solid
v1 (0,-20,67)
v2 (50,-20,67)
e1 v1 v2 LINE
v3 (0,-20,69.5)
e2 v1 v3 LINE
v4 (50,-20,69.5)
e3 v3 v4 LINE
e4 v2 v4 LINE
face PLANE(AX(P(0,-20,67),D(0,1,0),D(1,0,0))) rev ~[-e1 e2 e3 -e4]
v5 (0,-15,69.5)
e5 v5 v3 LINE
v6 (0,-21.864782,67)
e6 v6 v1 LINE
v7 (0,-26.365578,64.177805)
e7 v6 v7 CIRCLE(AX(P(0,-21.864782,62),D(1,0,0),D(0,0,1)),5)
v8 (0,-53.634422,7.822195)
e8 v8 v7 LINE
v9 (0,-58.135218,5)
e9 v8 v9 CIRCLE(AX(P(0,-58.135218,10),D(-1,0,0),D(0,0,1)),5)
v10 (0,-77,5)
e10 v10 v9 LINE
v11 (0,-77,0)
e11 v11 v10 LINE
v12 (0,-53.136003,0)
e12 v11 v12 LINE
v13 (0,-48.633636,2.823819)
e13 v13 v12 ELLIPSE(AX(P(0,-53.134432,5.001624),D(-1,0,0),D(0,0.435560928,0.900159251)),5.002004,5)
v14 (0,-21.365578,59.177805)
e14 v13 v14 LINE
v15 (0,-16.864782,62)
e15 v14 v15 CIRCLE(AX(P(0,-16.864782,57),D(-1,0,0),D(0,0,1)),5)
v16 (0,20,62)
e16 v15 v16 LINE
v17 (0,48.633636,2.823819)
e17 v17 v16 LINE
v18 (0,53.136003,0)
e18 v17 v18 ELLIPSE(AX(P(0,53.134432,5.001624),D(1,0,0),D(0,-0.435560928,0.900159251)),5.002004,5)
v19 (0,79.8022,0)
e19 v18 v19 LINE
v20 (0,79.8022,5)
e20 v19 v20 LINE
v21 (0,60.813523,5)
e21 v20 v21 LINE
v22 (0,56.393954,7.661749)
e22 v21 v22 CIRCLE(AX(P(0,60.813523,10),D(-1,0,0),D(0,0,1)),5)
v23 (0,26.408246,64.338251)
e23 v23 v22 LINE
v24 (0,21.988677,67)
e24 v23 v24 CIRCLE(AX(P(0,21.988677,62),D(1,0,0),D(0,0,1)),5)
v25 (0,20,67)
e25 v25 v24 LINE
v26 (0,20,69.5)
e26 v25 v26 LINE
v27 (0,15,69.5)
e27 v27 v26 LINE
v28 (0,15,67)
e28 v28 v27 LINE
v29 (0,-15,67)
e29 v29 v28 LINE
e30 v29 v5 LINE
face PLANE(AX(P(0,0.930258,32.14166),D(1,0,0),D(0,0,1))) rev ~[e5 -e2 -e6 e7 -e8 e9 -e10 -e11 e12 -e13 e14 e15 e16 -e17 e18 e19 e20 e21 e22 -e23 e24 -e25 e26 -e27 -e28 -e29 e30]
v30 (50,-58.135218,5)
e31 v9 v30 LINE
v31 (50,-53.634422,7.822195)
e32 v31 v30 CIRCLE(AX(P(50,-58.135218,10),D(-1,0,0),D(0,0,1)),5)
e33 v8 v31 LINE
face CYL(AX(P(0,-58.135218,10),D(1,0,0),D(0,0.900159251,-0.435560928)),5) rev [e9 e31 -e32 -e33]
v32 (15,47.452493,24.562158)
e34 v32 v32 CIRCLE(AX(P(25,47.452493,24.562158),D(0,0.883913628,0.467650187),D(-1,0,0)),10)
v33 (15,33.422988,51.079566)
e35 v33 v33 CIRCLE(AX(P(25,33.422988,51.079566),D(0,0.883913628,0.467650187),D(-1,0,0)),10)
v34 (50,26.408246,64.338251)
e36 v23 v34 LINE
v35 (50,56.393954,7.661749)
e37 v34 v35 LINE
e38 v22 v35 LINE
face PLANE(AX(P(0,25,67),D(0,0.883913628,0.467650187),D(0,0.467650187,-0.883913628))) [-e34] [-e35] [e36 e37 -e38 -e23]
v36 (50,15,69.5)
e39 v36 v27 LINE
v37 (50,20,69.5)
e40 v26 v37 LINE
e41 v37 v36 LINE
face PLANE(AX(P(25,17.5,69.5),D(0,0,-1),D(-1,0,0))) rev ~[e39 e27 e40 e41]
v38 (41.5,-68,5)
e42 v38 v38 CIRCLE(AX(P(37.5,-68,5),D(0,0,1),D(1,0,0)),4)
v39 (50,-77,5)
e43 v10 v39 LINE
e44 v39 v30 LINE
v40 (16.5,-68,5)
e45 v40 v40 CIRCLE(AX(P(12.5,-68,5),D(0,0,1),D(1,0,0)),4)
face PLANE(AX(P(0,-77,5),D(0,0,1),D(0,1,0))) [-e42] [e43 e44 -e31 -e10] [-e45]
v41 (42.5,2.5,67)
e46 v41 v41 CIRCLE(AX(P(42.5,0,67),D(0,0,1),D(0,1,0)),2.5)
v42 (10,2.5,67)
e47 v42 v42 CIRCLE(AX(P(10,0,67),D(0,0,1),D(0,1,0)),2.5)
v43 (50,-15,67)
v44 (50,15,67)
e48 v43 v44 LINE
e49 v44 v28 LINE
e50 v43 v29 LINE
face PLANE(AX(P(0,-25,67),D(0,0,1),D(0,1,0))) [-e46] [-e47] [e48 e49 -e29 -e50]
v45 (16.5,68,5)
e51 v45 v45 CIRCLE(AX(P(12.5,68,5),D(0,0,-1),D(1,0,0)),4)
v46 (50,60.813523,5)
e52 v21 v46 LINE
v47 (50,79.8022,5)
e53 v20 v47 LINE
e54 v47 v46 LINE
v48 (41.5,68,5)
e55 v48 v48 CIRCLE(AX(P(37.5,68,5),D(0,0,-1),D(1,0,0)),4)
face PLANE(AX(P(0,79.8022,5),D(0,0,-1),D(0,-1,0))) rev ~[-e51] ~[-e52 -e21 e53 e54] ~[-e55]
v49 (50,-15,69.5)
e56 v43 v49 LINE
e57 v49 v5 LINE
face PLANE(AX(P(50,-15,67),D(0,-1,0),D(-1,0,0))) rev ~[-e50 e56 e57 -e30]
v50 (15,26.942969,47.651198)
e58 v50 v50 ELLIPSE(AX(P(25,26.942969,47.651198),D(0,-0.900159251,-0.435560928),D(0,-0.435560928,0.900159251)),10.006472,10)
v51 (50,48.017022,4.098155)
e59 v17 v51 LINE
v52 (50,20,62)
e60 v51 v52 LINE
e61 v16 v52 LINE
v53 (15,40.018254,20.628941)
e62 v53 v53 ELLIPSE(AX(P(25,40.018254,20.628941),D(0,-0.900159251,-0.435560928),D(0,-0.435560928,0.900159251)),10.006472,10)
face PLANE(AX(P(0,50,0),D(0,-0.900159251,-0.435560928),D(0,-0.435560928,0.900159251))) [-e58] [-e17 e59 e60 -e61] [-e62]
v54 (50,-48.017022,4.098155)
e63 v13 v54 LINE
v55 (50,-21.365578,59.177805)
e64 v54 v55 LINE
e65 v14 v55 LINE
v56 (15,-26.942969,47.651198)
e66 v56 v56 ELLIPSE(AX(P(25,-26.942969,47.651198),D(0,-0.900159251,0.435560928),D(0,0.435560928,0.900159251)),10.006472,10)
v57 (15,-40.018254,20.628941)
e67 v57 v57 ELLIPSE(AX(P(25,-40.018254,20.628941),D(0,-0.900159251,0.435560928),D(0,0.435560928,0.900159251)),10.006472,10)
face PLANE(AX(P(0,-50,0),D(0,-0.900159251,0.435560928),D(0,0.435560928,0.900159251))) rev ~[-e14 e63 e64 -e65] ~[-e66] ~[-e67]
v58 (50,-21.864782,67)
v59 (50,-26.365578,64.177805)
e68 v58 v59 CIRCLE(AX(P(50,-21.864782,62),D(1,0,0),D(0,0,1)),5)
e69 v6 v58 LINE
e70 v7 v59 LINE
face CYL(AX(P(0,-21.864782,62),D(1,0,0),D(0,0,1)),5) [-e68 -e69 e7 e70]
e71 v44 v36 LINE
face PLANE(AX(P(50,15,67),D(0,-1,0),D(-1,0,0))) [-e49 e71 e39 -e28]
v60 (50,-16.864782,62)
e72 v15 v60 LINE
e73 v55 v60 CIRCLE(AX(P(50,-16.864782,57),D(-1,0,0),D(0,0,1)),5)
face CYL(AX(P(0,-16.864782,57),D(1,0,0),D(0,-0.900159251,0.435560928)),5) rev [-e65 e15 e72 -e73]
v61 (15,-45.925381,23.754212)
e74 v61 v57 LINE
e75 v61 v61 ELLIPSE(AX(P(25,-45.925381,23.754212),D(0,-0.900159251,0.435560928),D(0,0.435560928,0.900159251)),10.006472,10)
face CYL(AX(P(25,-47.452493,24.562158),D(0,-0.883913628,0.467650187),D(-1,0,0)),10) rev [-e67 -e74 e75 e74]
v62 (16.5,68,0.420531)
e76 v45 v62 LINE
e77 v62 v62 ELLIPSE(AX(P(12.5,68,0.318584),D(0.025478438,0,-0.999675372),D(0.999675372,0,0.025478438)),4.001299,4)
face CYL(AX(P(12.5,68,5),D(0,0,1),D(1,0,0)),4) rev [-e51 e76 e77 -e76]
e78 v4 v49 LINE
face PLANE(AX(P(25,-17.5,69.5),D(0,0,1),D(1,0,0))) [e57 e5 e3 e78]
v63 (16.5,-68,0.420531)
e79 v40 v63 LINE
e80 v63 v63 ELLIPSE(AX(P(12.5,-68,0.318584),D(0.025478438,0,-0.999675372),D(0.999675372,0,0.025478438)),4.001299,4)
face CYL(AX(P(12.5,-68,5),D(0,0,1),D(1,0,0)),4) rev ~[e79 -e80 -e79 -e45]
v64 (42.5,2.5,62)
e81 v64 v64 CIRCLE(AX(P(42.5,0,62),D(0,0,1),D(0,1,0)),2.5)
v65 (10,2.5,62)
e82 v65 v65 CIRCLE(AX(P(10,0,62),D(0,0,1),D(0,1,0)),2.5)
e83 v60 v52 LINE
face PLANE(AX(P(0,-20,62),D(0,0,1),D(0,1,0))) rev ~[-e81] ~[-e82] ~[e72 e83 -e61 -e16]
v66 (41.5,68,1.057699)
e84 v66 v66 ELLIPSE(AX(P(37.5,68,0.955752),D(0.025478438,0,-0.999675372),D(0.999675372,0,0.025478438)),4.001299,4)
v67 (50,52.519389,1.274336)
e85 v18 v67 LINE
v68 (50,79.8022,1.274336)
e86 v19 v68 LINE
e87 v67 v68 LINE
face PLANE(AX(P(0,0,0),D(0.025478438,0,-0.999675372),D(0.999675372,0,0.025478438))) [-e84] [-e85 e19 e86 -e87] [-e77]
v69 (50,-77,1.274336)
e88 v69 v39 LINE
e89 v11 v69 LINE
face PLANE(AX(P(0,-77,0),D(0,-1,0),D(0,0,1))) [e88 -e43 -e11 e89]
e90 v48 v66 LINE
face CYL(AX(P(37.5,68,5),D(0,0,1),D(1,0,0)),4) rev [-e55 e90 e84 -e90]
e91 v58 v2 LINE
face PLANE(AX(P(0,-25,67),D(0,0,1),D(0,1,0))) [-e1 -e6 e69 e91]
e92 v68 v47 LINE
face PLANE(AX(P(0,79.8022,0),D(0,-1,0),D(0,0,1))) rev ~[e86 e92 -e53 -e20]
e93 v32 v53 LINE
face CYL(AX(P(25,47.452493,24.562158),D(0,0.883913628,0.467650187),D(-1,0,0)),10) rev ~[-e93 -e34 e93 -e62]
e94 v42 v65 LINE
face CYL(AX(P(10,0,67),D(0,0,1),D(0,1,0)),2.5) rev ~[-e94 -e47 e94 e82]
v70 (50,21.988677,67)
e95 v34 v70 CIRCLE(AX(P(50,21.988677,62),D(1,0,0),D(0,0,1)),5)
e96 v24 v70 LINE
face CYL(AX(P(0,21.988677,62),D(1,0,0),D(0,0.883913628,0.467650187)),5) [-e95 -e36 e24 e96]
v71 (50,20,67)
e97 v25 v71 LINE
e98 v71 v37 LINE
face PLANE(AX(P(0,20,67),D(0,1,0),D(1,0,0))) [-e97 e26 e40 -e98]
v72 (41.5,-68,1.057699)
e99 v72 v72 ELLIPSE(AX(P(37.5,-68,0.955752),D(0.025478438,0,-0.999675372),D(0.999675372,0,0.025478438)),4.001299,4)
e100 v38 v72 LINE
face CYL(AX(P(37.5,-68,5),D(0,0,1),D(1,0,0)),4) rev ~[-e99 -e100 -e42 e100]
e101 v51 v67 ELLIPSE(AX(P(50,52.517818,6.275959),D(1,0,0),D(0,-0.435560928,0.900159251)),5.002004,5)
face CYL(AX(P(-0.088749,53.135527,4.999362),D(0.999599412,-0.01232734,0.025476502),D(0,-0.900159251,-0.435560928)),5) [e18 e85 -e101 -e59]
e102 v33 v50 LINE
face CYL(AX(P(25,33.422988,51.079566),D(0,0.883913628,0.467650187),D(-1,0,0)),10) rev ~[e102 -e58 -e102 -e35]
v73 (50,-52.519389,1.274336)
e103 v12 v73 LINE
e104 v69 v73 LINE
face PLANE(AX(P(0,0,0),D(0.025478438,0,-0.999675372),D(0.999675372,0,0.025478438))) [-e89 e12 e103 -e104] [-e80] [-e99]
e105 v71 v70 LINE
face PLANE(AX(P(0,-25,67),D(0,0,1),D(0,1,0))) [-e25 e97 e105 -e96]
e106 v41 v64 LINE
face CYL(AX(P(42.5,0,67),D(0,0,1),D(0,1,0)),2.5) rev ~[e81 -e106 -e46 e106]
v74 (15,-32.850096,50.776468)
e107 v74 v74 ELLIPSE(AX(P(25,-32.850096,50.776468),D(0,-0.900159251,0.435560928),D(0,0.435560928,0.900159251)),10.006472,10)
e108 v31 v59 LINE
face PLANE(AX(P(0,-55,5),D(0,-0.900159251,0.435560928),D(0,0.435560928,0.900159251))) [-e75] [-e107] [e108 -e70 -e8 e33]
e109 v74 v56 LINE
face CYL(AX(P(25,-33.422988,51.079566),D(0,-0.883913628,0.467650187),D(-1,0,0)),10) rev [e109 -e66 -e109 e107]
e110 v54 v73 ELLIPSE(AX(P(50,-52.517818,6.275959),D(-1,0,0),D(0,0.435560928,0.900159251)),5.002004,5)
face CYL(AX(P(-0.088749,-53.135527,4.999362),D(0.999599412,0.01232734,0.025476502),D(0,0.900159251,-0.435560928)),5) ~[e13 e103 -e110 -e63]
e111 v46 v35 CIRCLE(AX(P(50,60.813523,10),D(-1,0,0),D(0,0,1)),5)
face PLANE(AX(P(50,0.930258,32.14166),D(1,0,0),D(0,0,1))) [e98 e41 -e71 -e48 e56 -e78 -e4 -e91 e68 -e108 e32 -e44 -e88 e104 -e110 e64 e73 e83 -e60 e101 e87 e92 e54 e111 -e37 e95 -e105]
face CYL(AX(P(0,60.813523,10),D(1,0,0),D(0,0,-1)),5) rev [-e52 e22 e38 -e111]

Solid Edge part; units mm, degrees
sketch "Sketch1" plane through (0, 0, 0) normal (1, 0, 0) x (0, 1, 0)
  line L0 (-50, 0) -> (-20, 62)
  line L1 (-20, 62) -> (20, 62)
  line L2 (50, 0) -> (20, 62)
  line L3 (50, 0) -> (79.8022, 0)
  line L4 (79.8022, 0) -> (79.8022, 5)
  line L5 (79.8022, 5) -> (57.8022, 5)
  line L6 (25, 67) -> (57.8022, 5)
  line L7 (-25, 67) -> (25, 67)
  line L8 (-55, 5) -> (-25, 67)
  line L9 (-77, 5) -> (-55, 5)
  line L10 (-77, 0) -> (-77, 5)
  line L11 (-77, 0) -> (-50, 0)
  dimension "D1" = 100
  dimension "D2" = 40
  dimension "D3" = 62
  dimension "D4" = 5
  dimension "D5" = 22
  dimension "D6" = 5
  dimension "D7" = 5
  dimension "D8" = 5
  dimension "D9" = 5
  dimension "D10" = 27
extrude "Protrusion1" add sketch "Sketch1" along normal blind 50
sketch "Sketch2" plane through (25, 0, 67) normal (0, 0, 1) x (1, 0, 0)
  line L0 (-25, 20) -> (25, 20)
  line L1 (25, 20) -> (25, 15)
  line L2 (25, 15) -> (-25, 15)
  line L3 (-25, 15) -> (-25, 20)
  line L4 (-25, -20) -> (25, -20)
  line L5 (25, -20) -> (25, -15)
  line L6 (25, -15) -> (-25, -15)
  line L7 (-25, -15) -> (-25, -20)
  dimension "D1" = 15
  dimension "D2" = 5
extrude "ExtrudedProtrusion_2" add sketch "Sketch2" along normal blind 2.5
sketch "Sketch3" plane through (25, -66, 5) normal (0, 0, 1) x (1, 0, 0)
  circle A0 centre (-12.5, -2) radius 4
  circle A1 centre (12.5, -2) radius 4
  dimension "D1" = 8
  dimension "D2" = 8
  dimension "D3" = 25
  dimension "D4" = 12.5
  dimension "D5" = 9
extrude "Cutout1" cut sketch "Sketch3" against normal up to next
mirror "Mirror1" about plane through (0, 0, 0) normal (0, -1, 0) of "Cutout1"
sketch "Sketch4" plane through (25, 0, 67) normal (0, 0, 1) x (0, 1, 0)
  circle A0 centre (0, 15) radius 2.5
  circle A1 centre (0, -17.5) radius 2.5
  dimension "D1" = 5
  dimension "D2" = 5
  dimension "D3" = 30
  dimension "D4" = 10
extrude "Cutout2" cut sketch "Sketch4" against normal up to next
sketch "Sketch5" plane through (0, 0, 0) normal (0, 1, 0) x (-1, 0, 0)
  line L0 (0, 0) -> (-66.0658, 1.6838)
  line L1 (-66.0658, 1.6838) -> (-66.0658, 0)
  line L2 (-66.0658, 0) -> (0, 0)
extrude "ExtrudedCutout_3" cut sketch "Sketch5" along normal mid plane 208
fillet "Round_1" radius 5 7 edges at (25, 25, 67) (25, 49.6917, 0.6372) (25, 57.8022, 5) (25, -25, 67) (25, -20, 62) (25, -49.6917, 0.6372) (25, -55, 5)
sketch "Sketch6" plane through (25, 41.4011, 36) normal (0, 0.8839, 0.4677) x (-1, 0, 0)
  circle A0 centre (0, 17.06) radius 10
  circle A1 centre (0, -12.94) radius 10
  dimension "D1" = 20
  dimension "D2" = 20
  dimension "D3" = 30
  dimension "D4" = 15
extrude "Cutout3" cut sketch "Sketch6" against normal up to next
mirror "Mirror2" about plane through (0, 0, 0) normal (0, -1, 0) of "Cutout3"
properties material "Stainless steel"
